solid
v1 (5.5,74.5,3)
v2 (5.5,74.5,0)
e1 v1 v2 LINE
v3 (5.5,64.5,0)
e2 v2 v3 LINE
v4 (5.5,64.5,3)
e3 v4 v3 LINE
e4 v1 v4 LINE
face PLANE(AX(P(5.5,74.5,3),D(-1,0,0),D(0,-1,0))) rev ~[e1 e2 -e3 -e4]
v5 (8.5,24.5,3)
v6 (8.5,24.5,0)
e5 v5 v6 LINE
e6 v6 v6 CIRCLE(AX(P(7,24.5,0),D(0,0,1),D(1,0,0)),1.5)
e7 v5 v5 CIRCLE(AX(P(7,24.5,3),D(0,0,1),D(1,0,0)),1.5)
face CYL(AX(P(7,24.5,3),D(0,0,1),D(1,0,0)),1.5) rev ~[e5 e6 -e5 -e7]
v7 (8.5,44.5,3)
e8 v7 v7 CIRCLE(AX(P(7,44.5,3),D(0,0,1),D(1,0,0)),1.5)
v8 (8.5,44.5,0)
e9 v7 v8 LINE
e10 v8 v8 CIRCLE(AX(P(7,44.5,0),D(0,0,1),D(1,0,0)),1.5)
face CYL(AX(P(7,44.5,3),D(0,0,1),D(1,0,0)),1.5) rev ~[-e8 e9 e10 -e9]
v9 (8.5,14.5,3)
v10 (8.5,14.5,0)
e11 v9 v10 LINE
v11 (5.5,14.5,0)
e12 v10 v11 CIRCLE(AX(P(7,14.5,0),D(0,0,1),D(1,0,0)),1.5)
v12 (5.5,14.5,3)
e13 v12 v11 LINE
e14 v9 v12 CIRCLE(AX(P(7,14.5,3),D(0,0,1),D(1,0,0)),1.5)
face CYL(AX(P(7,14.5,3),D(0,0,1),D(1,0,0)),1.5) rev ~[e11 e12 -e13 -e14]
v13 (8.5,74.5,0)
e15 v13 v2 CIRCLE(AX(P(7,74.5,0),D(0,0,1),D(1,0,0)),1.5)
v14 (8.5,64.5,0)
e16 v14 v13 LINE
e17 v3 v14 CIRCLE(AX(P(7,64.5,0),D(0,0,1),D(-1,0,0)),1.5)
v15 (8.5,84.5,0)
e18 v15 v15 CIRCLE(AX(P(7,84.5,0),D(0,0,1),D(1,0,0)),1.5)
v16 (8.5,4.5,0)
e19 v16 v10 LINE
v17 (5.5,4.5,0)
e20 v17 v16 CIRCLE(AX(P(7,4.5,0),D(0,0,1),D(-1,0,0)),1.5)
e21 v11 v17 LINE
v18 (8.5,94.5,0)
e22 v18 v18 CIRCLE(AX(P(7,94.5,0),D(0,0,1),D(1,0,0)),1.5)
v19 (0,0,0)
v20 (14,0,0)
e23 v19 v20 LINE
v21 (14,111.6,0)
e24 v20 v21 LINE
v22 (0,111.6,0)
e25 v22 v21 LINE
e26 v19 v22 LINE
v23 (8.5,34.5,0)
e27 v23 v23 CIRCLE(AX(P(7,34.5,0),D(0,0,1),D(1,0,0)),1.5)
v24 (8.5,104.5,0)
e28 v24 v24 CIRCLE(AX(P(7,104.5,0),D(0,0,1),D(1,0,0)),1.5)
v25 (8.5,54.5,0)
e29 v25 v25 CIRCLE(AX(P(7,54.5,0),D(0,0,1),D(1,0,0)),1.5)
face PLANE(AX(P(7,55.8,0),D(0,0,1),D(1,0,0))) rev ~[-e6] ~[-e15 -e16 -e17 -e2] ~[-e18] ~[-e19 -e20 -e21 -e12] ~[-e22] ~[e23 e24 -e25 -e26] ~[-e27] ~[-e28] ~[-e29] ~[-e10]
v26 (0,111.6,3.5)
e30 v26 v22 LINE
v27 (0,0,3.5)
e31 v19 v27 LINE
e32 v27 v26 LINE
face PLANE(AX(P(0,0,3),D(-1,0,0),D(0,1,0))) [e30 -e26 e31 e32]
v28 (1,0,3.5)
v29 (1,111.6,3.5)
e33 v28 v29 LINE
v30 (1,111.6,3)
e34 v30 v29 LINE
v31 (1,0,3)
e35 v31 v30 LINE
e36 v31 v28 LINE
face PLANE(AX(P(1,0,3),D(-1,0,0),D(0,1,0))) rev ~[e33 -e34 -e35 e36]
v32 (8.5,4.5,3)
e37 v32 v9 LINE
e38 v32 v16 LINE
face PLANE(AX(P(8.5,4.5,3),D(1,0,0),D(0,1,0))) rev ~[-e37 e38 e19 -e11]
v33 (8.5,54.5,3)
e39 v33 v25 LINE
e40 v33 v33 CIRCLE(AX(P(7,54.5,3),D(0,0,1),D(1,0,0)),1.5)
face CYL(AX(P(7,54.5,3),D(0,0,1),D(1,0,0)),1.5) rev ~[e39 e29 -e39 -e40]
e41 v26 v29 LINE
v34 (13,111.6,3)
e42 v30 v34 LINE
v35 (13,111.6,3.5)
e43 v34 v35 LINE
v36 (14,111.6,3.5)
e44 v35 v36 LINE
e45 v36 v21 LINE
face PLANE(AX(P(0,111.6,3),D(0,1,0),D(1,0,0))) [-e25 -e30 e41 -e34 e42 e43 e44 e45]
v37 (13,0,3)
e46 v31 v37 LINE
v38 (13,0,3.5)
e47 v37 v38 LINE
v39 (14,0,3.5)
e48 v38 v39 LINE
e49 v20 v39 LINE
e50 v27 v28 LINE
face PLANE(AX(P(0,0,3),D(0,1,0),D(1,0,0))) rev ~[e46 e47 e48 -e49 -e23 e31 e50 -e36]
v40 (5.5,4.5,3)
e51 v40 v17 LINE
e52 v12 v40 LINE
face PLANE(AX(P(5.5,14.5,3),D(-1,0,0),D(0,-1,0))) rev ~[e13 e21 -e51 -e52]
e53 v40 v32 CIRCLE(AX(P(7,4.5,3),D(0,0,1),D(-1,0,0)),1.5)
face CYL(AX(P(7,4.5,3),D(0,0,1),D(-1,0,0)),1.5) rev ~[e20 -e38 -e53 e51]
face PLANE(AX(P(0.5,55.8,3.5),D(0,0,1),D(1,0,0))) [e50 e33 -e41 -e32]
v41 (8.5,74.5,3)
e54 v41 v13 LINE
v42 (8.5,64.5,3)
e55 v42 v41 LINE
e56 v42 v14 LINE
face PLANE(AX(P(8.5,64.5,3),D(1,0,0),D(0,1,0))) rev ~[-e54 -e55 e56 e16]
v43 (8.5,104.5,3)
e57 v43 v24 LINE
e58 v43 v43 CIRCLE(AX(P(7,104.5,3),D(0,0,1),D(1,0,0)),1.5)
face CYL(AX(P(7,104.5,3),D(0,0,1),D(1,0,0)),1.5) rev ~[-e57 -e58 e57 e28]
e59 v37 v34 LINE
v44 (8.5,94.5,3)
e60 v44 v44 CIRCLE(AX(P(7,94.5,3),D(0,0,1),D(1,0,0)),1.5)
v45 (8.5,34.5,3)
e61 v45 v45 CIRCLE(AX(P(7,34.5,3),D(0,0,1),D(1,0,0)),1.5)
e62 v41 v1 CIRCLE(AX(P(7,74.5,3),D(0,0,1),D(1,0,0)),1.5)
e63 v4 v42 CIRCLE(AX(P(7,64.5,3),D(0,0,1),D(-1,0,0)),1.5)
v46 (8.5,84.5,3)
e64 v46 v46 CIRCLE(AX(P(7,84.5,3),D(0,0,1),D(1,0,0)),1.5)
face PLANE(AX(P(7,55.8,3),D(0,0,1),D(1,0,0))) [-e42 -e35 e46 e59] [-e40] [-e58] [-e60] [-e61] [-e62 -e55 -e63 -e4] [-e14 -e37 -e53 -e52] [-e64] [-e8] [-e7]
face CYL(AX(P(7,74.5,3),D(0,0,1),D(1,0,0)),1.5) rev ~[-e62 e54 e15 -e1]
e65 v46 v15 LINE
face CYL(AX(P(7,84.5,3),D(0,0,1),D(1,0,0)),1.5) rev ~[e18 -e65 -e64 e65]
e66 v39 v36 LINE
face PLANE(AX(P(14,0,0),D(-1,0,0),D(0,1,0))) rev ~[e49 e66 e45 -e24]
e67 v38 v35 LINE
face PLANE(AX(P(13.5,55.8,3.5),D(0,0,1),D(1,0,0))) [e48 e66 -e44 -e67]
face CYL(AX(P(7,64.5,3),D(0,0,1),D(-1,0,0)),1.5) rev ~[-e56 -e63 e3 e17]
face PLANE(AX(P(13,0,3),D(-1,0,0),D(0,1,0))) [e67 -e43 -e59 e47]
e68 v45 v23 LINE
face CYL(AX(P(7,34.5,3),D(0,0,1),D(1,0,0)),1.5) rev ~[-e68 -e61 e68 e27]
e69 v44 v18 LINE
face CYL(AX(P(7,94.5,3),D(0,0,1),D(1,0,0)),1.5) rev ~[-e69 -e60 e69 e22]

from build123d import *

# Parameters (mm, degrees)
F0_W     = 14
F0_H     = 111.6
F1_DEPTH = 3
F2_W     = 1
F2_H     = 111.6
F3_DEPTH = 0.5
F4_R     = 1.5
F5_DEPTH = 25


with BuildPart() as f1:
    # F0 (on Top) → F1 (new body)
    with BuildSketch(Plane.XY):
        with Locations((7, 55.8)):
            Rectangle(F0_W, F0_H)
    extrude(amount=F1_DEPTH)

    # F2 (on face) → F3 (join)
    with BuildSketch(Plane.XY.offset(3)):
        with Locations((0.5, 55.8)):
            Rectangle(F2_W, F2_H)
        with Locations((13.5, 55.8)):
            Rectangle(F2_W, F2_H)
    extrude(amount=F3_DEPTH)

    # F4 (on face) → F5 (cut)
    with BuildSketch(Plane.XY.offset(3)):
        with BuildLine():
            Line((5.5, 14.5), (5.5, 4.5))
            ThreePointArc((5.5, 4.5), (7, 3), (8.5, 4.5))
            Line((8.5, 4.5), (8.5, 14.5))
            ThreePointArc((8.5, 14.5), (7, 16), (5.5, 14.5))
        make_face()
        with Locations((7, 24.5)):
            Circle(F4_R)
        with Locations((7, 34.5)):
            Circle(F4_R)
        with Locations((7, 44.5)):
            Circle(F4_R)
        with Locations((7, 54.5)):
            Circle(F4_R)
        with BuildLine():
            Line((5.5, 74.5), (5.5, 64.5))
            ThreePointArc((5.5, 64.5), (7, 63), (8.5, 64.5))
            Line((8.5, 64.5), (8.5, 74.5))
            ThreePointArc((8.5, 74.5), (7, 76), (5.5, 74.5))
        make_face()
        with Locations((7, 84.5)):
            Circle(F4_R)
        with Locations((7, 94.5)):
            Circle(F4_R)
        with Locations((7, 104.5)):
            Circle(F4_R)
    extrude(amount=-F5_DEPTH, mode=Mode.SUBTRACT)


solid = f1.part
